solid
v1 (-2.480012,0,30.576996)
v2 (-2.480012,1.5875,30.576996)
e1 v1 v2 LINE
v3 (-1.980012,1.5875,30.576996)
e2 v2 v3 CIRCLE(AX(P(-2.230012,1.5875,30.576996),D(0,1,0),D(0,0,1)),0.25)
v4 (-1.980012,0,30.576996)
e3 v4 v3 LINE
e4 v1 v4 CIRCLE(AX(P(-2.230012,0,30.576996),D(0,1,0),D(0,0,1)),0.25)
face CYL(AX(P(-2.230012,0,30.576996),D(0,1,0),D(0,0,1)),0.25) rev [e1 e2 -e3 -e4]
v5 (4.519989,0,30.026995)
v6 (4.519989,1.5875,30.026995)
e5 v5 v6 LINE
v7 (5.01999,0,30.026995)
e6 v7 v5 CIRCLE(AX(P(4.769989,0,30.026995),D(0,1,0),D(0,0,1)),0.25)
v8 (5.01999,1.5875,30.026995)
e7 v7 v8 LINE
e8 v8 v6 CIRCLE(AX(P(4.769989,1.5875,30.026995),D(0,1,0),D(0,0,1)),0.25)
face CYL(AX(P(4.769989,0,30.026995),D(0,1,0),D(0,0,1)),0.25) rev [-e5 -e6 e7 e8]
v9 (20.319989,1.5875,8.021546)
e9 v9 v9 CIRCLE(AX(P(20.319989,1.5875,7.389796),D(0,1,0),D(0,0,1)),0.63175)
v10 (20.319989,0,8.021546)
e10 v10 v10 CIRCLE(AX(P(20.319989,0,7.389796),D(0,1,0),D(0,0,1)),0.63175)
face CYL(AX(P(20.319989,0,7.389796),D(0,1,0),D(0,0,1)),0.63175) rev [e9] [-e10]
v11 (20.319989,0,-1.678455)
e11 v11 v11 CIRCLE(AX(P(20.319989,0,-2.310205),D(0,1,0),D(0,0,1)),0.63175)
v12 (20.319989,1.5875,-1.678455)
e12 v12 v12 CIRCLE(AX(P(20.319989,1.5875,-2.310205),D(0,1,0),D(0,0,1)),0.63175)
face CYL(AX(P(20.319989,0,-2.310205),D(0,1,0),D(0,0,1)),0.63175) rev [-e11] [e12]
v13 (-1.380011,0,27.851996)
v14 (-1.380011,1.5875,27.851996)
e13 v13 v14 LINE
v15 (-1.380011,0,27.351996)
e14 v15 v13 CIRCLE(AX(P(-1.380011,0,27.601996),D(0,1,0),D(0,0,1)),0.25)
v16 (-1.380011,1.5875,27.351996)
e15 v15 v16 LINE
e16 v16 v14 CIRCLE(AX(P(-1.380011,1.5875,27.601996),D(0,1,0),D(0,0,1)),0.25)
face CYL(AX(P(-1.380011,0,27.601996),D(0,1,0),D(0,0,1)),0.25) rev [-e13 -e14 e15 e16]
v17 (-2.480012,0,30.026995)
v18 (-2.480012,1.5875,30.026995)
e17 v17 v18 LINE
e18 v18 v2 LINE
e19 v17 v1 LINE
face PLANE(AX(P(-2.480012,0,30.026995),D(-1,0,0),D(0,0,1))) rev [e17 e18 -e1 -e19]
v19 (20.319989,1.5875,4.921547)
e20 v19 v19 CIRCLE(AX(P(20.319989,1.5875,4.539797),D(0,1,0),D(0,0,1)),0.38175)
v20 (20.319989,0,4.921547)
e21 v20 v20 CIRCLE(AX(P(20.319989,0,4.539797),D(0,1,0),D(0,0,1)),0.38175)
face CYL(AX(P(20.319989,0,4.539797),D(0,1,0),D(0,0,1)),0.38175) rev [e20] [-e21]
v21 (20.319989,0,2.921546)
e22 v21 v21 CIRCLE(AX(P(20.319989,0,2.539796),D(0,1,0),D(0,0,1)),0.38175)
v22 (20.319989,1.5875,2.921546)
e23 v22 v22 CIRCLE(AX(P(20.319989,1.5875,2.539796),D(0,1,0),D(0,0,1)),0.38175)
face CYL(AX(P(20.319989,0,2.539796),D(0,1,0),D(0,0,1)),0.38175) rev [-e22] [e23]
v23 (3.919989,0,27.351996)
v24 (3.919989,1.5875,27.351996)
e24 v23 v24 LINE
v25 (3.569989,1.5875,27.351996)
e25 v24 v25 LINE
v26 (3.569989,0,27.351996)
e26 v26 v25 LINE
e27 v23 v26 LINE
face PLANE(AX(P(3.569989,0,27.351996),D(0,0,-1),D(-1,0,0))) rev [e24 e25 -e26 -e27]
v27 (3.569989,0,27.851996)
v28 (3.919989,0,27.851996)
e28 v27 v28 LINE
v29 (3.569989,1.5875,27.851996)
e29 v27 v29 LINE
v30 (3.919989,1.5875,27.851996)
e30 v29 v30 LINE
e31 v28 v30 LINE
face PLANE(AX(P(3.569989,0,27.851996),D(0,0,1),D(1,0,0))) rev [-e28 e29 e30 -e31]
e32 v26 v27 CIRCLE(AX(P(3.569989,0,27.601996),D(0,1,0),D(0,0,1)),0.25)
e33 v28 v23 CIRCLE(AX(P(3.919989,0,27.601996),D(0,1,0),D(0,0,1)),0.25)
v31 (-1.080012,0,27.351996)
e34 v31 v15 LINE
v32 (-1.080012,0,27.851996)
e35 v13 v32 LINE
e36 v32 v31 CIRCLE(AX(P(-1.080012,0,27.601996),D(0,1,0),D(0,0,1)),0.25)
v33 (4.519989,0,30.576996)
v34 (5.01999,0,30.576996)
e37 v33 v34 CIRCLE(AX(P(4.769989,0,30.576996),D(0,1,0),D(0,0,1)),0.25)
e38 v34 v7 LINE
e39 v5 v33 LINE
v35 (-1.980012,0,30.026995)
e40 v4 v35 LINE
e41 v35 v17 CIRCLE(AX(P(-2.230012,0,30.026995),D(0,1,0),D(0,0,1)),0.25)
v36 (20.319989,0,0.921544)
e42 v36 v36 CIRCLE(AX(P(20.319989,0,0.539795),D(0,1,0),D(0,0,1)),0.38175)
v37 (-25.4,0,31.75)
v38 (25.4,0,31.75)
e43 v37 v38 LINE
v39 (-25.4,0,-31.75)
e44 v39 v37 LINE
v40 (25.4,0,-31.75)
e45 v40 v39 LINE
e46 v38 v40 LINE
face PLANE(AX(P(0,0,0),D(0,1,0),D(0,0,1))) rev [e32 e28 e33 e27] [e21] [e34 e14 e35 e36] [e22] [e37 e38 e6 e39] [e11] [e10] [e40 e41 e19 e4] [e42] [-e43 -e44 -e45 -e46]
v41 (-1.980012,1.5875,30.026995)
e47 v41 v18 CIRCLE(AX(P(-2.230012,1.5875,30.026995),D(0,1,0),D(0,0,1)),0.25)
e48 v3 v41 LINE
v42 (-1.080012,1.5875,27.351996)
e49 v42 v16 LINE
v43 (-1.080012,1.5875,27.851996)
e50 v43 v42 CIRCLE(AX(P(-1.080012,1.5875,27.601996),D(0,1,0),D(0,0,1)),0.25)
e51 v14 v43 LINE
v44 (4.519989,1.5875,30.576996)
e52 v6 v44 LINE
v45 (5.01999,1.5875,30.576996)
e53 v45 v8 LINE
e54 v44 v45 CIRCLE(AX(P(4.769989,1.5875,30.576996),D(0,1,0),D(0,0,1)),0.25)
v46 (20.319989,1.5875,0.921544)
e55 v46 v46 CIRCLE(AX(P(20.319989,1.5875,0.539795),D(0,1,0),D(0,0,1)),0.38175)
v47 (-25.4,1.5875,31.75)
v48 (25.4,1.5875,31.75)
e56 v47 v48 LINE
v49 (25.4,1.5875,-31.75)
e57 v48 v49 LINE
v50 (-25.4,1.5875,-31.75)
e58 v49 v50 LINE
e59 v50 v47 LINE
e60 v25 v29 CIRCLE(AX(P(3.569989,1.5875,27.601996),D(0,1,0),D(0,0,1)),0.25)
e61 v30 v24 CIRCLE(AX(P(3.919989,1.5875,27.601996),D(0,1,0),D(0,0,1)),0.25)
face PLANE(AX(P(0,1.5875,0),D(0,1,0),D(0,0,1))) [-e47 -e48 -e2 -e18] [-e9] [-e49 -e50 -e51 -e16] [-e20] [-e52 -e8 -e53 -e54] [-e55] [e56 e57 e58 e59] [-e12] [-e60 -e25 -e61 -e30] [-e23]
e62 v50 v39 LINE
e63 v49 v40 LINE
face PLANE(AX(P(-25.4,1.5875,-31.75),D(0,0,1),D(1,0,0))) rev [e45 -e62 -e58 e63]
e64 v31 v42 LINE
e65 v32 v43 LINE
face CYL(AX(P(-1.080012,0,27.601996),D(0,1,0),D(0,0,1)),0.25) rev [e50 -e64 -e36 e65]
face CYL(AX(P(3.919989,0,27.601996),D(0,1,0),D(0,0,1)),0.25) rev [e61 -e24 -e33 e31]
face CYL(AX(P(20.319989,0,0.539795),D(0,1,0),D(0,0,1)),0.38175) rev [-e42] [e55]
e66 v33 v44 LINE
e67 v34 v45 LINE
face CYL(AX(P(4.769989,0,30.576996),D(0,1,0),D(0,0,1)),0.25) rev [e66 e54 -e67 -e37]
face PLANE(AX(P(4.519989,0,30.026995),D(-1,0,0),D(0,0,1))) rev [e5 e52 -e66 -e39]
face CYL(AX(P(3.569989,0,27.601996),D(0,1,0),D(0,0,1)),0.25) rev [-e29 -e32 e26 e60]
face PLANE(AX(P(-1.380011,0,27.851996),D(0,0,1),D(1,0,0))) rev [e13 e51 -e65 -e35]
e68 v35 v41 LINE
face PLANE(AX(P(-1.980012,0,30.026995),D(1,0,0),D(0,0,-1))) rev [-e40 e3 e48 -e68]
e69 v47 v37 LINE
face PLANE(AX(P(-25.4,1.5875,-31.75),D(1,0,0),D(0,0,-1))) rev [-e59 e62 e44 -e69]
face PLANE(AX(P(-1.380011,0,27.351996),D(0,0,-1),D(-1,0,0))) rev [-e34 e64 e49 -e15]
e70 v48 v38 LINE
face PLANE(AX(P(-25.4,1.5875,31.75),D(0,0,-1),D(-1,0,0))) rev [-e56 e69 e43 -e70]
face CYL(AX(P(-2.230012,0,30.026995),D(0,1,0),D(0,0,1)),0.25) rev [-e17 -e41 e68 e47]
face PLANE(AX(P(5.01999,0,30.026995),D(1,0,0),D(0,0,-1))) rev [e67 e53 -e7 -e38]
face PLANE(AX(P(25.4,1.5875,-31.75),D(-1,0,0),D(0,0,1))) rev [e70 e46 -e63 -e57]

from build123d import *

# Parameters (mm, degrees)
SKETCH1_W           = 50.8
SKETCH1_H           = 63.5
BOSS_EXTRUDE1_DEPTH = 1.5875
SKETCH3_R           = 0.63175007
SKETCH3_R_2         = 0.381749935
CUT_EXTRUDE4_DEPTH  = 41.690817837


with BuildPart() as part:
    # Sketch1 → Boss-Extrude1 (new body)
    with BuildSketch(Plane(origin=(0, 0, 0), x_dir=(1, 0, 0), z_dir=(0, 1, 0))):
        Rectangle(SKETCH1_W, SKETCH1_H)
    extrude(amount=BOSS_EXTRUDE1_DEPTH)

    # Sketch3 → Cut-Extrude4 (cut, through all)
    with BuildSketch(Plane(origin=(0, 1.5875, 0), x_dir=(1, 0, 0), z_dir=(0, 1, 0))):
        with Locations(Location((20.319988808, -7.389796086, 0), (0, 0, 270))):
            Circle(SKETCH3_R)
        with Locations(Location((20.319988808, -4.539796706, 0), (0, 0, 270))):
            Circle(SKETCH3_R_2)
        with Locations(Location((20.319988808, -2.539795626, 0), (0, 0, 270))):
            Circle(SKETCH3_R_2)
        with Locations(Location((20.319988808, -0.539794546, 0), (0, 0, 270))):
            Circle(SKETCH3_R_2)
        with Locations(Location((20.319988808, 2.310204834, 0), (0, 0, 270))):
            Circle(SKETCH3_R)
        with BuildLine():
            Line((-1.380010972, -27.351995811), (-1.080011572, -27.351995811))
            ThreePointArc((-1.080011572, -27.351995811), (-0.830011437, -27.601995946), (-1.080011572, -27.851996081))
            Line((-1.080011572, -27.851996081), (-1.380010972, -27.851996081))
            ThreePointArc((-1.380010972, -27.851996081), (-1.630011107, -27.601995946), (-1.380010972, -27.351995811))
        make_face()
        with BuildLine():
            Line((3.569989288, -27.351995811), (3.919988588, -27.351995811))
            ThreePointArc((3.919988588, -27.351995811), (4.169988723, -27.601995946), (3.919988588, -27.851996081))
            Line((3.919988588, -27.851996081), (3.569989288, -27.851996081))
            ThreePointArc((3.569989288, -27.851996081), (3.319989153, -27.601995946), (3.569989288, -27.351995811))
        make_face()
        with BuildLine():
            Line((4.519989293, -30.026994906), (4.519989293, -30.576996346))
            ThreePointArc((4.519989293, -30.576996346), (4.769989428, -30.826996481), (5.019989563, -30.576996346))
            Line((5.019989563, -30.576996346), (5.019989563, -30.026994906))
            ThreePointArc((5.019989563, -30.026994906), (4.769989428, -29.776994771), (4.519989293, -30.026994906))
        make_face()
        with BuildLine():
            Line((-1.980011677, -30.026994906), (-1.980011677, -30.576996346))
            ThreePointArc((-1.980011677, -30.576996346), (-2.230011812, -30.826996481), (-2.480011947, -30.576996346))
            Line((-2.480011947, -30.576996346), (-2.480011947, -30.026994906))
            ThreePointArc((-2.480011947, -30.026994906), (-2.230011812, -29.776994771), (-1.980011677, -30.026994906))
        make_face()
    extrude(amount=-CUT_EXTRUDE4_DEPTH, mode=Mode.SUBTRACT)


solid = part.part
